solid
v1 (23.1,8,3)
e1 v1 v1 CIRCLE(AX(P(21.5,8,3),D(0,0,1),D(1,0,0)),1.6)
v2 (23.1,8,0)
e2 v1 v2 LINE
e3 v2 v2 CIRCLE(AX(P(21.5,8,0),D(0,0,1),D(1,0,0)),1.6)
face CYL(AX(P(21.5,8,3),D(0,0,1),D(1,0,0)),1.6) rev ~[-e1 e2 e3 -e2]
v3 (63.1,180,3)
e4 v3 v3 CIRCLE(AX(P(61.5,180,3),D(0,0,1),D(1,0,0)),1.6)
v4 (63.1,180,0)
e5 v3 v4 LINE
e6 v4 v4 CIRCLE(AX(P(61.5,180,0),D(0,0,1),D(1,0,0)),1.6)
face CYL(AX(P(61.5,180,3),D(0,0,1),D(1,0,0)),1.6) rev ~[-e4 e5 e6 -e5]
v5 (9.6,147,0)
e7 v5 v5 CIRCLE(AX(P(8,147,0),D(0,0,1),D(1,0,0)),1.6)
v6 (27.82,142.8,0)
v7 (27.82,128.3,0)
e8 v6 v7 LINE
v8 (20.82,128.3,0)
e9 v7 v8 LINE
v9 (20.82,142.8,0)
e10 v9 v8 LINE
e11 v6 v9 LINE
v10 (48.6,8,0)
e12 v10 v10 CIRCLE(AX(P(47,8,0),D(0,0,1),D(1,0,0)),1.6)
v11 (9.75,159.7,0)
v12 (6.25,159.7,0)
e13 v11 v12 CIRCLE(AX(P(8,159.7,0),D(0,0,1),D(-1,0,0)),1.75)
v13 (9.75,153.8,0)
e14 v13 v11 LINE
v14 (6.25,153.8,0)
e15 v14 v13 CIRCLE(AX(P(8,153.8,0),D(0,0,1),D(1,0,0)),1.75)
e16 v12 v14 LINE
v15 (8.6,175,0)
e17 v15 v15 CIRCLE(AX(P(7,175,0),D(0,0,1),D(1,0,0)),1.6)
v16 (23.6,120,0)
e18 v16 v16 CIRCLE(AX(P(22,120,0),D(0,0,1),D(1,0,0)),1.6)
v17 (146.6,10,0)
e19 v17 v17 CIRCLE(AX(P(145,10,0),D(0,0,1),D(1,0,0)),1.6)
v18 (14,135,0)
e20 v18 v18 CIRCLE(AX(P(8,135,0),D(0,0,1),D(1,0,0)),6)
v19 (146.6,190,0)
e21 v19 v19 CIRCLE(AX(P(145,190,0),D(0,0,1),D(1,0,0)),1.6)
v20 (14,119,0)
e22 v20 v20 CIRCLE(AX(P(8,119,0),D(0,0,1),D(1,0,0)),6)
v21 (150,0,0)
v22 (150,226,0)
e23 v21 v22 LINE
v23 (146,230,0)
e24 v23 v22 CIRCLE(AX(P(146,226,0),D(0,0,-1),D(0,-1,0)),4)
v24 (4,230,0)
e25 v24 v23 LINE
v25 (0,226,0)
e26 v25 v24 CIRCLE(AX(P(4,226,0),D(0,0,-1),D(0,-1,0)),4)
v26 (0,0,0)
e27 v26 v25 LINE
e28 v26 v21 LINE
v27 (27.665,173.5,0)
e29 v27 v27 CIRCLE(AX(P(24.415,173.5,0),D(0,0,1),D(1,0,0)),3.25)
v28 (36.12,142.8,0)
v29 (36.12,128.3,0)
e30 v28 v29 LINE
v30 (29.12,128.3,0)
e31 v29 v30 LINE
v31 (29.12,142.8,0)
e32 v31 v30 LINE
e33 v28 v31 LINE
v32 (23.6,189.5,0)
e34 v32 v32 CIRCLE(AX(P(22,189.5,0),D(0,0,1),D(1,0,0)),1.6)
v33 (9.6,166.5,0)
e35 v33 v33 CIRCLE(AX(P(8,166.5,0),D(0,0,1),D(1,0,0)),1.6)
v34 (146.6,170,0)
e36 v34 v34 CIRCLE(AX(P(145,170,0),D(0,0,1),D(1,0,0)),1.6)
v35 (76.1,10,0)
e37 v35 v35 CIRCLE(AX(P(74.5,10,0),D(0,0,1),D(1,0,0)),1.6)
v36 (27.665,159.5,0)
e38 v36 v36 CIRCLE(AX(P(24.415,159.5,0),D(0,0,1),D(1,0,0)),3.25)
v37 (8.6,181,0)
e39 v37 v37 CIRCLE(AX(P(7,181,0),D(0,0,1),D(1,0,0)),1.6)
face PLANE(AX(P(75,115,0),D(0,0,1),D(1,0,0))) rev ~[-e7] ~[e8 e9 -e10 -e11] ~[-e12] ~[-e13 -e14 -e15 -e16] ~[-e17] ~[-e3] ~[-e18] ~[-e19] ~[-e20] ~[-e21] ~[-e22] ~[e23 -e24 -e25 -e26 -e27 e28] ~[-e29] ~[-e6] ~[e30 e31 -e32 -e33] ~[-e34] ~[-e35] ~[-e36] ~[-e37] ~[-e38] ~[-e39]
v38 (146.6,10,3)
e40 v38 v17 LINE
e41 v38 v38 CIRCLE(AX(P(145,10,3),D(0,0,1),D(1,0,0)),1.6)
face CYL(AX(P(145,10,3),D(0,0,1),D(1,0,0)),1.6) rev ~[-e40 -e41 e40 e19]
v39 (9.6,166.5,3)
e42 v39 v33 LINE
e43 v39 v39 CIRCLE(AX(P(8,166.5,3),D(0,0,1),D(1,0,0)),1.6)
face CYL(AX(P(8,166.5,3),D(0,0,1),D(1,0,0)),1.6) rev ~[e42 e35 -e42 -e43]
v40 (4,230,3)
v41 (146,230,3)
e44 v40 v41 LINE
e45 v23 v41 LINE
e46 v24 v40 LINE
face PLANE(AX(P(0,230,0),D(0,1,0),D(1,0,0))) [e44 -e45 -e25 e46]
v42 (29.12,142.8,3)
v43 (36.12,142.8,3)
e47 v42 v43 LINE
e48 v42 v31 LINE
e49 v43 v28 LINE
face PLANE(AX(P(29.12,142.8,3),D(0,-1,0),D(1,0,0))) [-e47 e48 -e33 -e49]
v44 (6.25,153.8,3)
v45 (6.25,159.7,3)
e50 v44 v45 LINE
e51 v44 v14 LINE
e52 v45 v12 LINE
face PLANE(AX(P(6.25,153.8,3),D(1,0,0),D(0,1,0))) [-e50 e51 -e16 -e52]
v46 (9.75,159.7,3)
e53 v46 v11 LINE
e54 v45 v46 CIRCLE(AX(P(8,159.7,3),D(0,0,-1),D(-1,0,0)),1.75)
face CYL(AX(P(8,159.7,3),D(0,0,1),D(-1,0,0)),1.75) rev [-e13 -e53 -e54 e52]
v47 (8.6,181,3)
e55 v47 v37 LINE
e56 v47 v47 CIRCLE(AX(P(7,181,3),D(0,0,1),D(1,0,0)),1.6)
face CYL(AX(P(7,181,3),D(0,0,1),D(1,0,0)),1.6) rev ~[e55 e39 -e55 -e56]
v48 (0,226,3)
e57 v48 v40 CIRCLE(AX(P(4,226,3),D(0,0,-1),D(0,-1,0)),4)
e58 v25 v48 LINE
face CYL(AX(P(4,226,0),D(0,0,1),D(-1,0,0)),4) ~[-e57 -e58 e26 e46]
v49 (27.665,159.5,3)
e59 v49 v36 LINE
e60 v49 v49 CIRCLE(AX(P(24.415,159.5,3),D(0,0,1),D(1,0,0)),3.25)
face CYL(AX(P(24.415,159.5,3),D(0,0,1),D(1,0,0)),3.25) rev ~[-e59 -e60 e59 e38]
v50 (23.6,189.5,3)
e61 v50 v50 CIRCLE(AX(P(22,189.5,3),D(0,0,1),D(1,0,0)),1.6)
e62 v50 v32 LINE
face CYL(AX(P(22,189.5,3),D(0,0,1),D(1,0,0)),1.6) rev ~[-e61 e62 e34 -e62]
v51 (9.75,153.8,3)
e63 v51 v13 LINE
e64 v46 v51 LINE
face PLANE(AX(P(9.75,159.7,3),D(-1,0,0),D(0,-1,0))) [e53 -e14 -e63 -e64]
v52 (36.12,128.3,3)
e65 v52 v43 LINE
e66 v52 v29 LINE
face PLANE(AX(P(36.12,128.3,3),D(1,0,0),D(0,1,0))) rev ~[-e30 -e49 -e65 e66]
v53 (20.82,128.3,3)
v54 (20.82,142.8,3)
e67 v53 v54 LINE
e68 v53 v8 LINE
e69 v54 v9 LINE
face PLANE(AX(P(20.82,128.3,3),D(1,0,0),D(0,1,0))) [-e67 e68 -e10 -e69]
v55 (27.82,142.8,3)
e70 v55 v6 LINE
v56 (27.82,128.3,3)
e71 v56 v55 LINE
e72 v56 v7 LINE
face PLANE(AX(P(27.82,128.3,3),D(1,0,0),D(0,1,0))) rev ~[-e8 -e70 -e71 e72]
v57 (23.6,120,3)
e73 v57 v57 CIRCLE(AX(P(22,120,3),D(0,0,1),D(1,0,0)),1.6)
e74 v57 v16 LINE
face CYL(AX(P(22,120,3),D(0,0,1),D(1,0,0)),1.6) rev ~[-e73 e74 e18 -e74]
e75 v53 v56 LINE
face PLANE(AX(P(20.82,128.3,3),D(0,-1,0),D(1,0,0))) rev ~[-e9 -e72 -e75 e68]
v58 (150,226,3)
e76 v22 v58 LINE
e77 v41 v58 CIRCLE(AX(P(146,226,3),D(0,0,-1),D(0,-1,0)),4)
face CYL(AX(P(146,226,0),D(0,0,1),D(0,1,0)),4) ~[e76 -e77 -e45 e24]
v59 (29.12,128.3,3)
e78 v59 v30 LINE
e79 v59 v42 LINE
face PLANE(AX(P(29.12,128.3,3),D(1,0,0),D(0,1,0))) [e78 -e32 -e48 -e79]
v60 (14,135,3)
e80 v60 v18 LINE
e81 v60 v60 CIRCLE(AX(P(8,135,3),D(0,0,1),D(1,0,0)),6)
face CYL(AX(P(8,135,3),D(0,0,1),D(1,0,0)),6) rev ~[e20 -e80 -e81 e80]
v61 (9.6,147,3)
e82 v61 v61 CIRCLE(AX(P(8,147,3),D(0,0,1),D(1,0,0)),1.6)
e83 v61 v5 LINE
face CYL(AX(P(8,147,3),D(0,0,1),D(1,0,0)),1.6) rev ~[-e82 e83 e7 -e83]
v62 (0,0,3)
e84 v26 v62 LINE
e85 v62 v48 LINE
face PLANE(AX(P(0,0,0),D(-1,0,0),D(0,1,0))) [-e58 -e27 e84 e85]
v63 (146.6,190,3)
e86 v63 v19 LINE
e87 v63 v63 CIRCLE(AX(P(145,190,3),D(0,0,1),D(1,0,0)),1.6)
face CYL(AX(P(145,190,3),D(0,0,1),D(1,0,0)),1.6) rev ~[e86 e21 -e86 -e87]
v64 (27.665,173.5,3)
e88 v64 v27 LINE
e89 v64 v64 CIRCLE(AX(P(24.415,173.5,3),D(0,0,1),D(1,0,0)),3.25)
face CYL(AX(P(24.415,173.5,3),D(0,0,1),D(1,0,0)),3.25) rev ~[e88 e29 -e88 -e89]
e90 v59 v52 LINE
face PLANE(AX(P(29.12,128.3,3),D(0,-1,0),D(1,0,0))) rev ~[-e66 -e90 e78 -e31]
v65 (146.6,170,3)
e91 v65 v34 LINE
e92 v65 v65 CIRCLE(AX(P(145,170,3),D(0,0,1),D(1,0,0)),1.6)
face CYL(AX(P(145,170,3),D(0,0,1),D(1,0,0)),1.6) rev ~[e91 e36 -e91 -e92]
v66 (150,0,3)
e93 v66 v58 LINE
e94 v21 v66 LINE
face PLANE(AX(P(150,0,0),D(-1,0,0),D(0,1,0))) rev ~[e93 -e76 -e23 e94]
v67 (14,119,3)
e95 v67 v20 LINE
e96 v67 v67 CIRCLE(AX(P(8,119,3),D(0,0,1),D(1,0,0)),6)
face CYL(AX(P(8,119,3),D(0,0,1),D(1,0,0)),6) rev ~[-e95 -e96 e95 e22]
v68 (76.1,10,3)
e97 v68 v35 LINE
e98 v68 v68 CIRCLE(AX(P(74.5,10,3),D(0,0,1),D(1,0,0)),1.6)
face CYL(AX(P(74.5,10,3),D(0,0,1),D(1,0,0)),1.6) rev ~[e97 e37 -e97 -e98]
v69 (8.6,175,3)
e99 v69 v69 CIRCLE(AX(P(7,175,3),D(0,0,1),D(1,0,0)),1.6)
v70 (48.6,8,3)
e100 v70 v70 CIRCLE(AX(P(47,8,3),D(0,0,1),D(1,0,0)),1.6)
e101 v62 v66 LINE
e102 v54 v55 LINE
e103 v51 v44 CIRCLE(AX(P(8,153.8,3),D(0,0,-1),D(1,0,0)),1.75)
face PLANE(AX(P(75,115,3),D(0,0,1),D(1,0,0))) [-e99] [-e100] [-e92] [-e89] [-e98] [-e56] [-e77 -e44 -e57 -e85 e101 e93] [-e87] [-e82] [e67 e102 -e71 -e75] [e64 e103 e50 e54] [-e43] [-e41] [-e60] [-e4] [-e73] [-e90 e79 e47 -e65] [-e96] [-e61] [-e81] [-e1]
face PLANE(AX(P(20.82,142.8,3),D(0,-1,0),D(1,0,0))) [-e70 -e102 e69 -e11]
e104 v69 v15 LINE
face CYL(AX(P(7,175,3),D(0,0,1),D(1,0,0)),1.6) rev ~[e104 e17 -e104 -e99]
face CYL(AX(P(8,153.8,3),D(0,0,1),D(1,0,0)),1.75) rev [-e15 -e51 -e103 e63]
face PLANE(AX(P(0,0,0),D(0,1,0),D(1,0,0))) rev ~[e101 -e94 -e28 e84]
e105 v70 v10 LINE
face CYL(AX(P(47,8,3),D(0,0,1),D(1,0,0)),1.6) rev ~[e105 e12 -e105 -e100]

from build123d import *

# Parameters (mm, degrees)
SKETCH_1_W          = 150
SKETCH_1_H          = 230
EXTRUDE_1_DEPTH     = 3
CUT_EXTRUDE_1_REACH = 276.607
SKETCH_2_R          = 1.6
FILLET_1_R          = 4
CUT_EXTRUDE_2_REACH = 276.607
SKETCH_3_R          = 6
SKETCH_3_R_2        = 1.6
CUT_EXTRUDE_3_REACH = 276.607
SKETCH_4_R          = 1.6
SKETCH_4_R_2        = 3.25
SKETCH_4_W          = 7
SKETCH_4_H          = 14.5


with BuildPart() as part:
    # 草图1 → 凸台-拉伸1 (new body)
    with BuildSketch(Plane.XY):
        with Locations((75, 115)):
            Rectangle(SKETCH_1_W, SKETCH_1_H)
    extrude(amount=EXTRUDE_1_DEPTH)

    # 草图2 → 切除-拉伸1 (cut, up to next)
    with BuildSketch(Plane.XY.offset(3), mode=Mode.PRIVATE) as cut_extrude_1_sk1:
        with Locations((21.5, 8)):
            Circle(SKETCH_2_R)
    cut_extrude_1_tool1 = extrude(cut_extrude_1_sk1.sketch, amount=-CUT_EXTRUDE_1_REACH, mode=Mode.PRIVATE) & part.part
    # 草图2 → 切除-拉伸1 (cut, up to next)
    with BuildSketch(Plane.XY.offset(3), mode=Mode.PRIVATE) as cut_extrude_1_sk2:
        with Locations((47, 8)):
            Circle(SKETCH_2_R)
    cut_extrude_1_tool2 = extrude(cut_extrude_1_sk2.sketch, amount=-CUT_EXTRUDE_1_REACH, mode=Mode.PRIVATE) & part.part
    # 草图2 → 切除-拉伸1 (cut, up to next)
    with BuildSketch(Plane.XY.offset(3), mode=Mode.PRIVATE) as cut_extrude_1_sk3:
        with Locations((74.5, 10)):
            Circle(SKETCH_2_R)
    cut_extrude_1_tool3 = extrude(cut_extrude_1_sk3.sketch, amount=-CUT_EXTRUDE_1_REACH, mode=Mode.PRIVATE) & part.part
    # 草图2 → 切除-拉伸1 (cut, up to next)
    with BuildSketch(Plane.XY.offset(3), mode=Mode.PRIVATE) as cut_extrude_1_sk4:
        with Locations((145, 10)):
            Circle(SKETCH_2_R)
    cut_extrude_1_tool4 = extrude(cut_extrude_1_sk4.sketch, amount=-CUT_EXTRUDE_1_REACH, mode=Mode.PRIVATE) & part.part
    # 草图2 → 切除-拉伸1 (cut, up to next)
    with BuildSketch(Plane.XY.offset(3), mode=Mode.PRIVATE) as cut_extrude_1_sk5:
        with Locations((61.5, 180)):
            Circle(SKETCH_2_R)
    cut_extrude_1_tool5 = extrude(cut_extrude_1_sk5.sketch, amount=-CUT_EXTRUDE_1_REACH, mode=Mode.PRIVATE) & part.part
    # 草图2 → 切除-拉伸1 (cut, up to next)
    with BuildSketch(Plane.XY.offset(3), mode=Mode.PRIVATE) as cut_extrude_1_sk6:
        with Locations((145, 190)):
            Circle(SKETCH_2_R)
    cut_extrude_1_tool6 = extrude(cut_extrude_1_sk6.sketch, amount=-CUT_EXTRUDE_1_REACH, mode=Mode.PRIVATE) & part.part
    # 草图2 → 切除-拉伸1 (cut, up to next)
    with BuildSketch(Plane.XY.offset(3), mode=Mode.PRIVATE) as cut_extrude_1_sk7:
        with Locations((145, 170)):
            Circle(SKETCH_2_R)
    cut_extrude_1_tool7 = extrude(cut_extrude_1_sk7.sketch, amount=-CUT_EXTRUDE_1_REACH, mode=Mode.PRIVATE) & part.part
    # 草图2 → 切除-拉伸1 (cut, up to next)
    with BuildSketch(Plane.XY.offset(3), mode=Mode.PRIVATE) as cut_extrude_1_sk8:
        with Locations((7, 181)):
            Circle(SKETCH_2_R)
    cut_extrude_1_tool8 = extrude(cut_extrude_1_sk8.sketch, amount=-CUT_EXTRUDE_1_REACH, mode=Mode.PRIVATE) & part.part
    # 草图2 → 切除-拉伸1 (cut, up to next)
    with BuildSketch(Plane.XY.offset(3), mode=Mode.PRIVATE) as cut_extrude_1_sk9:
        with Locations((7, 175)):
            Circle(SKETCH_2_R)
    cut_extrude_1_tool9 = extrude(cut_extrude_1_sk9.sketch, amount=-CUT_EXTRUDE_1_REACH, mode=Mode.PRIVATE) & part.part
    add(cut_extrude_1_tool1.solids().sort_by_distance((21.5, 8, 3))[0], mode=Mode.SUBTRACT)
    add(cut_extrude_1_tool2.solids().sort_by_distance((47, 8, 3))[0], mode=Mode.SUBTRACT)
    add(cut_extrude_1_tool3.solids().sort_by_distance((74.5, 10, 3))[0], mode=Mode.SUBTRACT)
    add(cut_extrude_1_tool4.solids().sort_by_distance((145, 10, 3))[0], mode=Mode.SUBTRACT)
    add(cut_extrude_1_tool5.solids().sort_by_distance((61.5, 180, 3))[0], mode=Mode.SUBTRACT)
    add(cut_extrude_1_tool6.solids().sort_by_distance((145, 190, 3))[0], mode=Mode.SUBTRACT)
    add(cut_extrude_1_tool7.solids().sort_by_distance((145, 170, 3))[0], mode=Mode.SUBTRACT)
    add(cut_extrude_1_tool8.solids().sort_by_distance((7, 181, 3))[0], mode=Mode.SUBTRACT)
    add(cut_extrude_1_tool9.solids().sort_by_distance((7, 175, 3))[0], mode=Mode.SUBTRACT)

    # 圆角1
    fillet_1_edges = [part.edges().sort_by_distance(p)[0] for p in [
        (0, 230, 1.5),
        (150, 230, 1.5),
    ]]
    fillet(fillet_1_edges, radius=FILLET_1_R)

    # 草图3 → 切除-拉伸2 (cut, up to next)
    with BuildSketch(Plane.XY.offset(3), mode=Mode.PRIVATE) as cut_extrude_2_sk1:
        with Locations((8, 135)):
            Circle(SKETCH_3_R)
    cut_extrude_2_tool1 = extrude(cut_extrude_2_sk1.sketch, amount=-CUT_EXTRUDE_2_REACH, mode=Mode.PRIVATE) & part.part
    # 草图3 → 切除-拉伸2 (cut, up to next)
    with BuildSketch(Plane.XY.offset(3), mode=Mode.PRIVATE) as cut_extrude_2_sk2:
        with Locations((8, 119)):
            Circle(SKETCH_3_R)
    cut_extrude_2_tool2 = extrude(cut_extrude_2_sk2.sketch, amount=-CUT_EXTRUDE_2_REACH, mode=Mode.PRIVATE) & part.part
    # 草图3 → 切除-拉伸2 (cut, up to next)
    with BuildSketch(Plane.XY.offset(3), mode=Mode.PRIVATE) as cut_extrude_2_sk3:
        with Locations((8, 166.5)):
            Circle(SKETCH_3_R_2)
    cut_extrude_2_tool3 = extrude(cut_extrude_2_sk3.sketch, amount=-CUT_EXTRUDE_2_REACH, mode=Mode.PRIVATE) & part.part
    # 草图3 → 切除-拉伸2 (cut, up to next)
    with BuildSketch(Plane.XY.offset(3), mode=Mode.PRIVATE) as cut_extrude_2_sk4:
        with Locations((8, 147)):
            Circle(SKETCH_3_R_2)
    cut_extrude_2_tool4 = extrude(cut_extrude_2_sk4.sketch, amount=-CUT_EXTRUDE_2_REACH, mode=Mode.PRIVATE) & part.part
    # 草图3 → 切除-拉伸2 (cut, up to next)
    with BuildSketch(Plane.XY.offset(3), mode=Mode.PRIVATE) as cut_extrude_2_sk5:
        with BuildLine():
            Line((6.25, 153.8), (6.25, 159.7))
            ThreePointArc((6.25, 159.7), (8, 161.45), (9.75, 159.7))
            Line((9.75, 159.7), (9.75, 153.8))
            ThreePointArc((9.75, 153.8), (8, 152.05), (6.25, 153.8))
        make_face()
    cut_extrude_2_tool5 = extrude(cut_extrude_2_sk5.sketch, amount=-CUT_EXTRUDE_2_REACH, mode=Mode.PRIVATE) & part.part
    add(cut_extrude_2_tool1.solids().sort_by_distance((8, 135, 3))[0], mode=Mode.SUBTRACT)
    add(cut_extrude_2_tool2.solids().sort_by_distance((8, 119, 3))[0], mode=Mode.SUBTRACT)
    add(cut_extrude_2_tool3.solids().sort_by_distance((8, 166.5, 3))[0], mode=Mode.SUBTRACT)
    add(cut_extrude_2_tool4.solids().sort_by_distance((8, 147, 3))[0], mode=Mode.SUBTRACT)
    add(cut_extrude_2_tool5.solids().sort_by_distance((8, 156.75, 3))[0], mode=Mode.SUBTRACT)

    # 草图4 → 切除-拉伸3 (cut, up to next)
    with BuildSketch(Plane.XY.offset(3), mode=Mode.PRIVATE) as cut_extrude_3_sk1:
        with Locations((22, 120)):
            Circle(SKETCH_4_R)
    cut_extrude_3_tool1 = extrude(cut_extrude_3_sk1.sketch, amount=-CUT_EXTRUDE_3_REACH, mode=Mode.PRIVATE) & part.part
    # 草图4 → 切除-拉伸3 (cut, up to next)
    with BuildSketch(Plane.XY.offset(3), mode=Mode.PRIVATE) as cut_extrude_3_sk2:
        with Locations((22, 189.5)):
            Circle(SKETCH_4_R)
    cut_extrude_3_tool2 = extrude(cut_extrude_3_sk2.sketch, amount=-CUT_EXTRUDE_3_REACH, mode=Mode.PRIVATE) & part.part
    # 草图4 → 切除-拉伸3 (cut, up to next)
    with BuildSketch(Plane.XY.offset(3), mode=Mode.PRIVATE) as cut_extrude_3_sk3:
        with Locations((24.415, 173.5)):
            Circle(SKETCH_4_R_2)
    cut_extrude_3_tool3 = extrude(cut_extrude_3_sk3.sketch, amount=-CUT_EXTRUDE_3_REACH, mode=Mode.PRIVATE) & part.part
    # 草图4 → 切除-拉伸3 (cut, up to next)
    with BuildSketch(Plane.XY.offset(3), mode=Mode.PRIVATE) as cut_extrude_3_sk4:
        with Locations((24.415, 159.5)):
            Circle(SKETCH_4_R_2)
    cut_extrude_3_tool4 = extrude(cut_extrude_3_sk4.sketch, amount=-CUT_EXTRUDE_3_REACH, mode=Mode.PRIVATE) & part.part
    # 草图4 → 切除-拉伸3 (cut, up to next)
    with BuildSketch(Plane.XY.offset(3), mode=Mode.PRIVATE) as cut_extrude_3_sk5:
        with Locations((24.32, 135.55)):
            Rectangle(SKETCH_4_W, SKETCH_4_H)
    cut_extrude_3_tool5 = extrude(cut_extrude_3_sk5.sketch, amount=-CUT_EXTRUDE_3_REACH, mode=Mode.PRIVATE) & part.part
    # 草图4 → 切除-拉伸3 (cut, up to next)
    with BuildSketch(Plane.XY.offset(3), mode=Mode.PRIVATE) as cut_extrude_3_sk6:
        with Locations((32.62, 135.55)):
            Rectangle(SKETCH_4_W, SKETCH_4_H)
    cut_extrude_3_tool6 = extrude(cut_extrude_3_sk6.sketch, amount=-CUT_EXTRUDE_3_REACH, mode=Mode.PRIVATE) & part.part
    add(cut_extrude_3_tool1.solids().sort_by_distance((22, 120, 3))[0], mode=Mode.SUBTRACT)
    add(cut_extrude_3_tool2.solids().sort_by_distance((22, 189.5, 3))[0], mode=Mode.SUBTRACT)
    add(cut_extrude_3_tool3.solids().sort_by_distance((24.415, 173.5, 3))[0], mode=Mode.SUBTRACT)
    add(cut_extrude_3_tool4.solids().sort_by_distance((24.415, 159.5, 3))[0], mode=Mode.SUBTRACT)
    add(cut_extrude_3_tool5.solids().sort_by_distance((24.32, 135.55, 3))[0], mode=Mode.SUBTRACT)
    add(cut_extrude_3_tool6.solids().sort_by_distance((32.62, 135.55, 3))[0], mode=Mode.SUBTRACT)


solid = part.part
